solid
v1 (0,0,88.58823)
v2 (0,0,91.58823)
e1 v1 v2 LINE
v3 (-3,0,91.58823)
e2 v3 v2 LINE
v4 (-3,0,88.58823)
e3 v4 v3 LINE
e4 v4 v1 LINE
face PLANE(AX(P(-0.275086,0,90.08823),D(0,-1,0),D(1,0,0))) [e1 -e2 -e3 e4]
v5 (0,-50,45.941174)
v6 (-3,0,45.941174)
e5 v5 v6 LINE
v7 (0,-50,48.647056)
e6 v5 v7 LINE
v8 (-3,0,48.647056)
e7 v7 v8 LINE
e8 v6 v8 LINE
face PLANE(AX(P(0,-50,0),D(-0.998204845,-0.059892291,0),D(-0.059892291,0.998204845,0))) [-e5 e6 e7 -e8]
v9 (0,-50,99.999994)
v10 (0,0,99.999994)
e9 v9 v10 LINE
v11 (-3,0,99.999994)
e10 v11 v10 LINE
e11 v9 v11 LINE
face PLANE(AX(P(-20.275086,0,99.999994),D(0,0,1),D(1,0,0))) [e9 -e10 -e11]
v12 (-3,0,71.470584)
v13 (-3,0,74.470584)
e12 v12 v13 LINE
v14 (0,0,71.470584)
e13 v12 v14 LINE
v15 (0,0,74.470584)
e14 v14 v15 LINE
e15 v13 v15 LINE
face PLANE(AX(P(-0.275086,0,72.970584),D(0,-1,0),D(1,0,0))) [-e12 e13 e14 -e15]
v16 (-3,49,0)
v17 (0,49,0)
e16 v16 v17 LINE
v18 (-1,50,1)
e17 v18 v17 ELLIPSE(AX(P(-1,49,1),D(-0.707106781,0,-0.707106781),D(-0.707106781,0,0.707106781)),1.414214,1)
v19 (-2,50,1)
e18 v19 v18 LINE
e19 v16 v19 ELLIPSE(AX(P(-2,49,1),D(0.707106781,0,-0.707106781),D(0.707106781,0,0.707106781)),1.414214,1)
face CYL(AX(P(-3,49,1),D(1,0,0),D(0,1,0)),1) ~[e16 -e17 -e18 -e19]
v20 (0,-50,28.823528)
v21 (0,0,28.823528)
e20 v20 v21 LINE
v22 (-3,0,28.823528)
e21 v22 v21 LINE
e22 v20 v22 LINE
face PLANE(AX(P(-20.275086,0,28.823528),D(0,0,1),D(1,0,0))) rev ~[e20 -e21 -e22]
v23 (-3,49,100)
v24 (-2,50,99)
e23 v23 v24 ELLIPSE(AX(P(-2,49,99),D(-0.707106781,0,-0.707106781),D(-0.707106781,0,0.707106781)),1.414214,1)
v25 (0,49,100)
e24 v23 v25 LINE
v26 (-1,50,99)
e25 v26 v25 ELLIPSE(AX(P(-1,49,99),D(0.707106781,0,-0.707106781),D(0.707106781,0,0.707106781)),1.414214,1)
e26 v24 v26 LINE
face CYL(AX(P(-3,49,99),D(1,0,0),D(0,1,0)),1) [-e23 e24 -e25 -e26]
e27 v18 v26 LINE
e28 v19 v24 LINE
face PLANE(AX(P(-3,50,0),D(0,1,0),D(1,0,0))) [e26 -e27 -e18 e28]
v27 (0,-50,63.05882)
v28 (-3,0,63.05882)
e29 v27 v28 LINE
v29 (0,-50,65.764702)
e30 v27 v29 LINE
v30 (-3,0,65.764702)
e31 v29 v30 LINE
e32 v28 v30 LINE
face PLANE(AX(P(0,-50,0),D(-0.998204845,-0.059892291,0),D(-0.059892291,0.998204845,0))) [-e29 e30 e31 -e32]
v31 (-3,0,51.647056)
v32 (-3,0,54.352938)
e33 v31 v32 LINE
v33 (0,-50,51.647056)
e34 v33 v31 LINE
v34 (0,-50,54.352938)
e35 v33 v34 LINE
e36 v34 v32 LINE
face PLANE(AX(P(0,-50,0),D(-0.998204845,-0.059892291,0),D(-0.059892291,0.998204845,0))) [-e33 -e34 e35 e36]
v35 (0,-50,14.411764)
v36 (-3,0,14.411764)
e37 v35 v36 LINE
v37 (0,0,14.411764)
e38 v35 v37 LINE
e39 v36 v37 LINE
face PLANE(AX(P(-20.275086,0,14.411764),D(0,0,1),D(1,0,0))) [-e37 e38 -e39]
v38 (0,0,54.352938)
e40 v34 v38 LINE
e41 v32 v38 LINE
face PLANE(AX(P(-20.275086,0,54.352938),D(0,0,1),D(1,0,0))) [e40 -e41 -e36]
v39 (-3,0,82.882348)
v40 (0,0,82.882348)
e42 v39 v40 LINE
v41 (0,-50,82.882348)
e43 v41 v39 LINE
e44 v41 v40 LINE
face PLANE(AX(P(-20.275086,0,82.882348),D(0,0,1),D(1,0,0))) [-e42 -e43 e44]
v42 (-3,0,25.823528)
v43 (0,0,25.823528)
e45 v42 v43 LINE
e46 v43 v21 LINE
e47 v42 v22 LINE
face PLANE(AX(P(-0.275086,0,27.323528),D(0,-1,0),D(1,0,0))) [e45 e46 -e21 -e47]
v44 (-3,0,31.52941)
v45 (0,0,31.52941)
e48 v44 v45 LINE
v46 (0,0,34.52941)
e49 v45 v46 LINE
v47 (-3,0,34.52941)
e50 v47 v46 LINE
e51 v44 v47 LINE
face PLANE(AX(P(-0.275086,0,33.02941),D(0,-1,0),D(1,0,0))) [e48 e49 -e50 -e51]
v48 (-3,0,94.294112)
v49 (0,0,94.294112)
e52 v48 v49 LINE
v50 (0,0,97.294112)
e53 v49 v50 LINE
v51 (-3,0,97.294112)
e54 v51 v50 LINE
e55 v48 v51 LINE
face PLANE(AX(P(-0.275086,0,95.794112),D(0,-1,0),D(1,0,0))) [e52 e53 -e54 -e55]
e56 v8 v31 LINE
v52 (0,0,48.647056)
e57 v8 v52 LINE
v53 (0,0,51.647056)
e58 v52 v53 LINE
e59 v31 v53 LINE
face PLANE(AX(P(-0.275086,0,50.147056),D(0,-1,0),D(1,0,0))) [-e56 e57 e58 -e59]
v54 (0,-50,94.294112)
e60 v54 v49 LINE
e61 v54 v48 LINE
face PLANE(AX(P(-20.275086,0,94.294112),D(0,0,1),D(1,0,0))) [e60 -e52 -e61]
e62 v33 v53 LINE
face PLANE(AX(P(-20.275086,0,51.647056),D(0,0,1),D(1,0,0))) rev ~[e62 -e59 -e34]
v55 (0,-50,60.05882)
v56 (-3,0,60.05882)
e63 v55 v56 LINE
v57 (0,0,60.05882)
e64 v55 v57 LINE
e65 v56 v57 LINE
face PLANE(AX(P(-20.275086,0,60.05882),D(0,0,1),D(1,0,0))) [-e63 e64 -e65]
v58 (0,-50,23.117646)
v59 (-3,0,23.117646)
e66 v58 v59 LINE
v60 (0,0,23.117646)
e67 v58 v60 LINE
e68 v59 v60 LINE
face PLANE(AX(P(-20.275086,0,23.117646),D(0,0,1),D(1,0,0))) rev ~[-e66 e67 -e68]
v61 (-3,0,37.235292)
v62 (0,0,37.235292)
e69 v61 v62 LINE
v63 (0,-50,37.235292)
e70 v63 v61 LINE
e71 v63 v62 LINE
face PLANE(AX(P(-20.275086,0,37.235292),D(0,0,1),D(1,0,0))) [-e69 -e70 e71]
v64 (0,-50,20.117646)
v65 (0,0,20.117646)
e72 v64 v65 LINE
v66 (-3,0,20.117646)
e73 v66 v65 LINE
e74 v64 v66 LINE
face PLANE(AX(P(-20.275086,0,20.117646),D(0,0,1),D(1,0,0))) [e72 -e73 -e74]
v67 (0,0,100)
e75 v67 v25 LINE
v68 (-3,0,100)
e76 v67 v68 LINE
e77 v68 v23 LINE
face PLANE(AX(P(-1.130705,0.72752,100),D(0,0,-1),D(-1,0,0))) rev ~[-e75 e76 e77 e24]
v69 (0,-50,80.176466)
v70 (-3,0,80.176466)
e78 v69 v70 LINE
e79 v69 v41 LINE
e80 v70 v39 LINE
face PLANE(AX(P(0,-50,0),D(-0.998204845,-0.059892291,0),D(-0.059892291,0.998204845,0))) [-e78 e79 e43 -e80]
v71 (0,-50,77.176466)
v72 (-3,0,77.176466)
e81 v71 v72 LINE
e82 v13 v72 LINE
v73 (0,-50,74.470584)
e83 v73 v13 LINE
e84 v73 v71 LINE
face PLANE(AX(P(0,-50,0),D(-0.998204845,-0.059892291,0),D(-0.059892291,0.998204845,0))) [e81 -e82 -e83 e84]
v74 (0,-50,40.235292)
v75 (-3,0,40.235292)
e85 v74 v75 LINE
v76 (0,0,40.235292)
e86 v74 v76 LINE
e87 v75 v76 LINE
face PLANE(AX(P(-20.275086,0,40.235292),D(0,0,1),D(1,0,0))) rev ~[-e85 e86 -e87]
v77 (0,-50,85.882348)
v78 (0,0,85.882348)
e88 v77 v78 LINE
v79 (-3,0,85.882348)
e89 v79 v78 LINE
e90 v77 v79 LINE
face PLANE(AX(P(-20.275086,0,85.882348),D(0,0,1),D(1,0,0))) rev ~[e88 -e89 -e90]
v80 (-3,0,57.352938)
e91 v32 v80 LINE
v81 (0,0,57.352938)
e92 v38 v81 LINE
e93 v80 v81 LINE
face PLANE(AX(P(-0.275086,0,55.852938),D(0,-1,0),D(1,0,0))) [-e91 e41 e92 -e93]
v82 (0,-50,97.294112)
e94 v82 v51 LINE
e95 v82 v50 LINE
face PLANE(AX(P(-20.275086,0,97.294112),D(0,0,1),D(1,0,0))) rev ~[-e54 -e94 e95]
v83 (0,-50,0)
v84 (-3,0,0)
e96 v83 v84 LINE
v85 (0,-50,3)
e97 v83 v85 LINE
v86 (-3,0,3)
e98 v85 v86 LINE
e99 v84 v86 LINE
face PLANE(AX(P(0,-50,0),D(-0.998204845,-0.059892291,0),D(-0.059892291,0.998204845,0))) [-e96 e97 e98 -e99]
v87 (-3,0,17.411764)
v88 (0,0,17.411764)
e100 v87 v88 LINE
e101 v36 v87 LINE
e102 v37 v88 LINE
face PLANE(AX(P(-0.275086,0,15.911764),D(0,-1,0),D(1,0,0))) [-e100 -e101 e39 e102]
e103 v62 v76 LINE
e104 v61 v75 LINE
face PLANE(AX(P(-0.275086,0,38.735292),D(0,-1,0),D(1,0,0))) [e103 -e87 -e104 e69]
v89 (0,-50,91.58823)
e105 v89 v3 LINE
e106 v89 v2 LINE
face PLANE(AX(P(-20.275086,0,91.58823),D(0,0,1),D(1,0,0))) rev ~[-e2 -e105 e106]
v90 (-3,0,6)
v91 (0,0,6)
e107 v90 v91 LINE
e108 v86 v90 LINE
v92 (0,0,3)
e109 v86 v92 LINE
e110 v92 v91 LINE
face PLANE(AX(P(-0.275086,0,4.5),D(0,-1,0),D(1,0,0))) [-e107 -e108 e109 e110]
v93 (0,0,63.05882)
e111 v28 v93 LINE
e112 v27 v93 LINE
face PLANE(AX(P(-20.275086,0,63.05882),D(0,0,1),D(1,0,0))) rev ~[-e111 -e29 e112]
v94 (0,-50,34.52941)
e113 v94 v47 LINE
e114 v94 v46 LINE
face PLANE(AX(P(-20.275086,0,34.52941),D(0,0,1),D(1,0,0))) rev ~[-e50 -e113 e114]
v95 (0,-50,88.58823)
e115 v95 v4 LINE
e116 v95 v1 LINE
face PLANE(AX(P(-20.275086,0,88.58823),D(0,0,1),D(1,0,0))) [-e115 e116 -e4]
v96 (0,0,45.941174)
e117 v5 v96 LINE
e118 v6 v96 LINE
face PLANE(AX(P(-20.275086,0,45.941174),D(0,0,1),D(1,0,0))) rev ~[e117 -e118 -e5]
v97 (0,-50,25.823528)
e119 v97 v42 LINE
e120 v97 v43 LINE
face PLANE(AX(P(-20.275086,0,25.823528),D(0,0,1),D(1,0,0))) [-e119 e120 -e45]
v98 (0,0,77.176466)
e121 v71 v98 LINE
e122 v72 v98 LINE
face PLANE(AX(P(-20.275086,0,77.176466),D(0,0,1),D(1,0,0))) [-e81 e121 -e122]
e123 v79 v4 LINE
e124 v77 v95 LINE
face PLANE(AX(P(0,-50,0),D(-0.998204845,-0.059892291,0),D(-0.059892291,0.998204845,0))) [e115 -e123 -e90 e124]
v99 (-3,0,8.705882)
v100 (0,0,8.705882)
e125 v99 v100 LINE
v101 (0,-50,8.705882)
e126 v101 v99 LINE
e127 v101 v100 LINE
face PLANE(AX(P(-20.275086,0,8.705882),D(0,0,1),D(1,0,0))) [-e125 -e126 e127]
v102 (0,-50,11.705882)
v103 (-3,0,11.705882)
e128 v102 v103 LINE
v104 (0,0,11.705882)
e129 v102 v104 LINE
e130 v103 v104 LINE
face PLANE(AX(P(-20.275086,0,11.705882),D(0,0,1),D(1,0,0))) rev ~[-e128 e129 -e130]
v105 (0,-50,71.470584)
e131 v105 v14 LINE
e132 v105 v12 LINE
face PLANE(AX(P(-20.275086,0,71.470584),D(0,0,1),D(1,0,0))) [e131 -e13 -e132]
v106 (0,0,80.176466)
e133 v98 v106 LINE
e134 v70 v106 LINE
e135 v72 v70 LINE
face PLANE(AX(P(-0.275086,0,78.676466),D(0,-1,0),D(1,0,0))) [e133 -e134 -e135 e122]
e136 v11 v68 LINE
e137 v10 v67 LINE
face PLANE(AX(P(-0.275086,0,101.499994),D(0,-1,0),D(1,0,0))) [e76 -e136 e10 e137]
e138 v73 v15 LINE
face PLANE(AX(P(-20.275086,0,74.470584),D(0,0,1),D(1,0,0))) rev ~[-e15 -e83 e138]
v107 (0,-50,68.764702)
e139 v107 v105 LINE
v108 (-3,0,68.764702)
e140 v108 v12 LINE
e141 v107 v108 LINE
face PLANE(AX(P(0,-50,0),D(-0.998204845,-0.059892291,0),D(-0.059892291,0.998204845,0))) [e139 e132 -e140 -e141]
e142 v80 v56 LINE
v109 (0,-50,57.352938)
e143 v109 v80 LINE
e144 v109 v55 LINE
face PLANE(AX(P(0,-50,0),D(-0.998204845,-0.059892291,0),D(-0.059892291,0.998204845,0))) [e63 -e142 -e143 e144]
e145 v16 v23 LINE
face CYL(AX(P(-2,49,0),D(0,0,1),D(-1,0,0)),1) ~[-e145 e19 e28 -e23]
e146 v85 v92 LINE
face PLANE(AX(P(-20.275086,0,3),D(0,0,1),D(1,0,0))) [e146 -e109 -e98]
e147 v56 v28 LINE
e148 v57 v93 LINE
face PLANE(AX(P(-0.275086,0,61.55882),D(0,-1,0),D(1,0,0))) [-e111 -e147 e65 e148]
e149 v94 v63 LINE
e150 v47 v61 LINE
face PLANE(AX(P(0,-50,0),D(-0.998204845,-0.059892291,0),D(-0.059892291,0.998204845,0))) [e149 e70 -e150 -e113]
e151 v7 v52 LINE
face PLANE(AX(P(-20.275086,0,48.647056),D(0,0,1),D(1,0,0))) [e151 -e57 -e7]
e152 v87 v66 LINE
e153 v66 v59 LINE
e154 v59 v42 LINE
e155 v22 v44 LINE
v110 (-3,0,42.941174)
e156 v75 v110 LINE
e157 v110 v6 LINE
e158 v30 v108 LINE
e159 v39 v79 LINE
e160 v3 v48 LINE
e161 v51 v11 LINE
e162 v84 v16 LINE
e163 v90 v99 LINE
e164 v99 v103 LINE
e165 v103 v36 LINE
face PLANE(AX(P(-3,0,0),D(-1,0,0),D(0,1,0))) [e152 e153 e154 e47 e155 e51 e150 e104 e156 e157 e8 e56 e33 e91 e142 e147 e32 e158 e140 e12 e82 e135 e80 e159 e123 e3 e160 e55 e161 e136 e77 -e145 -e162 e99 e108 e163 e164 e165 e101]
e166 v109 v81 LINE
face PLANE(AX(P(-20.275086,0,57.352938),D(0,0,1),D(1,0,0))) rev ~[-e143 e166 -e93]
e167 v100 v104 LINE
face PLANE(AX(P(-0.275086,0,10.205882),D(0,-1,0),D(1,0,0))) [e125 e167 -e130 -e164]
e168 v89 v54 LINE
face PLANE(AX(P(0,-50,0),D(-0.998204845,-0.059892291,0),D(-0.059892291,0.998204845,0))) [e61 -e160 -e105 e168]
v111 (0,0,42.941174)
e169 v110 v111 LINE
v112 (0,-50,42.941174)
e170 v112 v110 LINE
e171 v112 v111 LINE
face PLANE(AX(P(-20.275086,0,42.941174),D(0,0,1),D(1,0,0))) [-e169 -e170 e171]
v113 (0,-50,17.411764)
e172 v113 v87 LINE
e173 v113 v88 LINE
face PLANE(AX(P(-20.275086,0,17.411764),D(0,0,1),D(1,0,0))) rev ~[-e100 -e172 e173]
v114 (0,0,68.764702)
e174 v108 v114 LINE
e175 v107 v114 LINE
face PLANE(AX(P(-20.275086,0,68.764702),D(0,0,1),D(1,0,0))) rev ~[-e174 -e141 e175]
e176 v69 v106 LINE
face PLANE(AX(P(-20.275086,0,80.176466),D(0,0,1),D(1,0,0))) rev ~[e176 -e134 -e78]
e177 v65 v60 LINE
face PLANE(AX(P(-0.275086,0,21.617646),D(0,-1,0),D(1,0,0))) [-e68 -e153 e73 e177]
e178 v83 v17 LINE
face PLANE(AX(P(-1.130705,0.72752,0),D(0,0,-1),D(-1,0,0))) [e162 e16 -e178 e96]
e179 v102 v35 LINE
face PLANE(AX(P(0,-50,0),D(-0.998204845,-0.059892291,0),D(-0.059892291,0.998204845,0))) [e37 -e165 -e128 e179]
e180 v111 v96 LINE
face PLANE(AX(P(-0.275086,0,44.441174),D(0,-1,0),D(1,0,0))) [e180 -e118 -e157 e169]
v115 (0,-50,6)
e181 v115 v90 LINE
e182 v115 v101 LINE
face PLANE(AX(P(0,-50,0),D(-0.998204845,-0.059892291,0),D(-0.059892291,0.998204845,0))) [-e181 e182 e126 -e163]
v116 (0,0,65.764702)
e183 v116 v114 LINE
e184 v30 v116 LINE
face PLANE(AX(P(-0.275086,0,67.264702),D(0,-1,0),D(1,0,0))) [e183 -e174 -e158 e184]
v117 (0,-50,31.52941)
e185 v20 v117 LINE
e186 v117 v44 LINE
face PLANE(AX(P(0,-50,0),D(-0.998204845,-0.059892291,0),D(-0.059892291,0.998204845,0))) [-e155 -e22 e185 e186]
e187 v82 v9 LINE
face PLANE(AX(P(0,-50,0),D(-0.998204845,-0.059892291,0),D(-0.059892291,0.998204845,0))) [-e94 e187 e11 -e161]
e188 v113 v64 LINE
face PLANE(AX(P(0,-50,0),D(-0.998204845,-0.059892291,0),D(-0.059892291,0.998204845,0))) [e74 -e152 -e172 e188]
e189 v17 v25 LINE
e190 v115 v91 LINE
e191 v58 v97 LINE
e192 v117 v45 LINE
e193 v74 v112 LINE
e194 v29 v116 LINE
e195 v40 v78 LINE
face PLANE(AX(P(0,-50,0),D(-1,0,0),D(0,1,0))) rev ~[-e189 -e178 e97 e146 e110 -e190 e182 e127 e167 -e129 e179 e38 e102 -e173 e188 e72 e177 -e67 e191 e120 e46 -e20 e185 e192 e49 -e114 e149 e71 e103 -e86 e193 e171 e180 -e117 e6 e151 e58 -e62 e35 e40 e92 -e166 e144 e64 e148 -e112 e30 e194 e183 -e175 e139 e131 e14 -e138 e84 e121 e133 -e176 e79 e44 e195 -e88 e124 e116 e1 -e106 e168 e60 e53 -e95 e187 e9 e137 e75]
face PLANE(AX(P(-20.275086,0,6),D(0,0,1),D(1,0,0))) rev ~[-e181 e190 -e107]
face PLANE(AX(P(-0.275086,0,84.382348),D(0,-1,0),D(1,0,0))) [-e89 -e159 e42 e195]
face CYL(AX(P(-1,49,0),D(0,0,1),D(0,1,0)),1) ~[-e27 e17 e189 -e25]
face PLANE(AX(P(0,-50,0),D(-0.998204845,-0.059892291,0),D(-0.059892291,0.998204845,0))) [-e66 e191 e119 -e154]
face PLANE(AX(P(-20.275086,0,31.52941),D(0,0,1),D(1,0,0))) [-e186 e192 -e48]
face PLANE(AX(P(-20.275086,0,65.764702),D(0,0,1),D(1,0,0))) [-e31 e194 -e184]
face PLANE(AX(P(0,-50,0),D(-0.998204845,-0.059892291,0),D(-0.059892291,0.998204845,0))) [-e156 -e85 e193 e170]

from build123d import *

# Parameters (mm, degrees)
PAD_DEPTH           = 100
SKETCH001_W         = 40
SKETCH001_H         = 3
POCKET_DEPTH        = 60
LINEARPATTERN_COUNT = 18
LINEARPATTERN_PITCH = 5.705882
FILLET_R            = 1


with BuildPart() as part:
    # Sketch → Pad (new body)
    with BuildSketch(Plane.XY):
        Polygon((-3, 0), (-3, 50), (0, 50), (0, 0), (0, -50), align=None)
    extrude(amount=PAD_DEPTH)

    # Sketch001 → Pocket (cut)
    with BuildSketch(Plane.XZ):
        with Locations((-0.275086, 4.5)):
            Rectangle(SKETCH001_W, SKETCH001_H)
    pocket = extrude(amount=POCKET_DEPTH, mode=Mode.SUBTRACT)

    # LinearPattern: Pocket ×18
    with Locations(*[(0, 0, i * LINEARPATTERN_PITCH) for i in range(1, LINEARPATTERN_COUNT)]):
        add(pocket, mode=Mode.SUBTRACT)

    # Fillet
    fillet_edges = [part.edges().sort_by_distance(p)[0] for p in [
        (-3, 50, 50),
        (0, 50, 50),
        (-1.5, 50, 0),
        (-1.5, 50, 100),
    ]]
    fillet(fillet_edges, radius=FILLET_R)


solid = part.part
